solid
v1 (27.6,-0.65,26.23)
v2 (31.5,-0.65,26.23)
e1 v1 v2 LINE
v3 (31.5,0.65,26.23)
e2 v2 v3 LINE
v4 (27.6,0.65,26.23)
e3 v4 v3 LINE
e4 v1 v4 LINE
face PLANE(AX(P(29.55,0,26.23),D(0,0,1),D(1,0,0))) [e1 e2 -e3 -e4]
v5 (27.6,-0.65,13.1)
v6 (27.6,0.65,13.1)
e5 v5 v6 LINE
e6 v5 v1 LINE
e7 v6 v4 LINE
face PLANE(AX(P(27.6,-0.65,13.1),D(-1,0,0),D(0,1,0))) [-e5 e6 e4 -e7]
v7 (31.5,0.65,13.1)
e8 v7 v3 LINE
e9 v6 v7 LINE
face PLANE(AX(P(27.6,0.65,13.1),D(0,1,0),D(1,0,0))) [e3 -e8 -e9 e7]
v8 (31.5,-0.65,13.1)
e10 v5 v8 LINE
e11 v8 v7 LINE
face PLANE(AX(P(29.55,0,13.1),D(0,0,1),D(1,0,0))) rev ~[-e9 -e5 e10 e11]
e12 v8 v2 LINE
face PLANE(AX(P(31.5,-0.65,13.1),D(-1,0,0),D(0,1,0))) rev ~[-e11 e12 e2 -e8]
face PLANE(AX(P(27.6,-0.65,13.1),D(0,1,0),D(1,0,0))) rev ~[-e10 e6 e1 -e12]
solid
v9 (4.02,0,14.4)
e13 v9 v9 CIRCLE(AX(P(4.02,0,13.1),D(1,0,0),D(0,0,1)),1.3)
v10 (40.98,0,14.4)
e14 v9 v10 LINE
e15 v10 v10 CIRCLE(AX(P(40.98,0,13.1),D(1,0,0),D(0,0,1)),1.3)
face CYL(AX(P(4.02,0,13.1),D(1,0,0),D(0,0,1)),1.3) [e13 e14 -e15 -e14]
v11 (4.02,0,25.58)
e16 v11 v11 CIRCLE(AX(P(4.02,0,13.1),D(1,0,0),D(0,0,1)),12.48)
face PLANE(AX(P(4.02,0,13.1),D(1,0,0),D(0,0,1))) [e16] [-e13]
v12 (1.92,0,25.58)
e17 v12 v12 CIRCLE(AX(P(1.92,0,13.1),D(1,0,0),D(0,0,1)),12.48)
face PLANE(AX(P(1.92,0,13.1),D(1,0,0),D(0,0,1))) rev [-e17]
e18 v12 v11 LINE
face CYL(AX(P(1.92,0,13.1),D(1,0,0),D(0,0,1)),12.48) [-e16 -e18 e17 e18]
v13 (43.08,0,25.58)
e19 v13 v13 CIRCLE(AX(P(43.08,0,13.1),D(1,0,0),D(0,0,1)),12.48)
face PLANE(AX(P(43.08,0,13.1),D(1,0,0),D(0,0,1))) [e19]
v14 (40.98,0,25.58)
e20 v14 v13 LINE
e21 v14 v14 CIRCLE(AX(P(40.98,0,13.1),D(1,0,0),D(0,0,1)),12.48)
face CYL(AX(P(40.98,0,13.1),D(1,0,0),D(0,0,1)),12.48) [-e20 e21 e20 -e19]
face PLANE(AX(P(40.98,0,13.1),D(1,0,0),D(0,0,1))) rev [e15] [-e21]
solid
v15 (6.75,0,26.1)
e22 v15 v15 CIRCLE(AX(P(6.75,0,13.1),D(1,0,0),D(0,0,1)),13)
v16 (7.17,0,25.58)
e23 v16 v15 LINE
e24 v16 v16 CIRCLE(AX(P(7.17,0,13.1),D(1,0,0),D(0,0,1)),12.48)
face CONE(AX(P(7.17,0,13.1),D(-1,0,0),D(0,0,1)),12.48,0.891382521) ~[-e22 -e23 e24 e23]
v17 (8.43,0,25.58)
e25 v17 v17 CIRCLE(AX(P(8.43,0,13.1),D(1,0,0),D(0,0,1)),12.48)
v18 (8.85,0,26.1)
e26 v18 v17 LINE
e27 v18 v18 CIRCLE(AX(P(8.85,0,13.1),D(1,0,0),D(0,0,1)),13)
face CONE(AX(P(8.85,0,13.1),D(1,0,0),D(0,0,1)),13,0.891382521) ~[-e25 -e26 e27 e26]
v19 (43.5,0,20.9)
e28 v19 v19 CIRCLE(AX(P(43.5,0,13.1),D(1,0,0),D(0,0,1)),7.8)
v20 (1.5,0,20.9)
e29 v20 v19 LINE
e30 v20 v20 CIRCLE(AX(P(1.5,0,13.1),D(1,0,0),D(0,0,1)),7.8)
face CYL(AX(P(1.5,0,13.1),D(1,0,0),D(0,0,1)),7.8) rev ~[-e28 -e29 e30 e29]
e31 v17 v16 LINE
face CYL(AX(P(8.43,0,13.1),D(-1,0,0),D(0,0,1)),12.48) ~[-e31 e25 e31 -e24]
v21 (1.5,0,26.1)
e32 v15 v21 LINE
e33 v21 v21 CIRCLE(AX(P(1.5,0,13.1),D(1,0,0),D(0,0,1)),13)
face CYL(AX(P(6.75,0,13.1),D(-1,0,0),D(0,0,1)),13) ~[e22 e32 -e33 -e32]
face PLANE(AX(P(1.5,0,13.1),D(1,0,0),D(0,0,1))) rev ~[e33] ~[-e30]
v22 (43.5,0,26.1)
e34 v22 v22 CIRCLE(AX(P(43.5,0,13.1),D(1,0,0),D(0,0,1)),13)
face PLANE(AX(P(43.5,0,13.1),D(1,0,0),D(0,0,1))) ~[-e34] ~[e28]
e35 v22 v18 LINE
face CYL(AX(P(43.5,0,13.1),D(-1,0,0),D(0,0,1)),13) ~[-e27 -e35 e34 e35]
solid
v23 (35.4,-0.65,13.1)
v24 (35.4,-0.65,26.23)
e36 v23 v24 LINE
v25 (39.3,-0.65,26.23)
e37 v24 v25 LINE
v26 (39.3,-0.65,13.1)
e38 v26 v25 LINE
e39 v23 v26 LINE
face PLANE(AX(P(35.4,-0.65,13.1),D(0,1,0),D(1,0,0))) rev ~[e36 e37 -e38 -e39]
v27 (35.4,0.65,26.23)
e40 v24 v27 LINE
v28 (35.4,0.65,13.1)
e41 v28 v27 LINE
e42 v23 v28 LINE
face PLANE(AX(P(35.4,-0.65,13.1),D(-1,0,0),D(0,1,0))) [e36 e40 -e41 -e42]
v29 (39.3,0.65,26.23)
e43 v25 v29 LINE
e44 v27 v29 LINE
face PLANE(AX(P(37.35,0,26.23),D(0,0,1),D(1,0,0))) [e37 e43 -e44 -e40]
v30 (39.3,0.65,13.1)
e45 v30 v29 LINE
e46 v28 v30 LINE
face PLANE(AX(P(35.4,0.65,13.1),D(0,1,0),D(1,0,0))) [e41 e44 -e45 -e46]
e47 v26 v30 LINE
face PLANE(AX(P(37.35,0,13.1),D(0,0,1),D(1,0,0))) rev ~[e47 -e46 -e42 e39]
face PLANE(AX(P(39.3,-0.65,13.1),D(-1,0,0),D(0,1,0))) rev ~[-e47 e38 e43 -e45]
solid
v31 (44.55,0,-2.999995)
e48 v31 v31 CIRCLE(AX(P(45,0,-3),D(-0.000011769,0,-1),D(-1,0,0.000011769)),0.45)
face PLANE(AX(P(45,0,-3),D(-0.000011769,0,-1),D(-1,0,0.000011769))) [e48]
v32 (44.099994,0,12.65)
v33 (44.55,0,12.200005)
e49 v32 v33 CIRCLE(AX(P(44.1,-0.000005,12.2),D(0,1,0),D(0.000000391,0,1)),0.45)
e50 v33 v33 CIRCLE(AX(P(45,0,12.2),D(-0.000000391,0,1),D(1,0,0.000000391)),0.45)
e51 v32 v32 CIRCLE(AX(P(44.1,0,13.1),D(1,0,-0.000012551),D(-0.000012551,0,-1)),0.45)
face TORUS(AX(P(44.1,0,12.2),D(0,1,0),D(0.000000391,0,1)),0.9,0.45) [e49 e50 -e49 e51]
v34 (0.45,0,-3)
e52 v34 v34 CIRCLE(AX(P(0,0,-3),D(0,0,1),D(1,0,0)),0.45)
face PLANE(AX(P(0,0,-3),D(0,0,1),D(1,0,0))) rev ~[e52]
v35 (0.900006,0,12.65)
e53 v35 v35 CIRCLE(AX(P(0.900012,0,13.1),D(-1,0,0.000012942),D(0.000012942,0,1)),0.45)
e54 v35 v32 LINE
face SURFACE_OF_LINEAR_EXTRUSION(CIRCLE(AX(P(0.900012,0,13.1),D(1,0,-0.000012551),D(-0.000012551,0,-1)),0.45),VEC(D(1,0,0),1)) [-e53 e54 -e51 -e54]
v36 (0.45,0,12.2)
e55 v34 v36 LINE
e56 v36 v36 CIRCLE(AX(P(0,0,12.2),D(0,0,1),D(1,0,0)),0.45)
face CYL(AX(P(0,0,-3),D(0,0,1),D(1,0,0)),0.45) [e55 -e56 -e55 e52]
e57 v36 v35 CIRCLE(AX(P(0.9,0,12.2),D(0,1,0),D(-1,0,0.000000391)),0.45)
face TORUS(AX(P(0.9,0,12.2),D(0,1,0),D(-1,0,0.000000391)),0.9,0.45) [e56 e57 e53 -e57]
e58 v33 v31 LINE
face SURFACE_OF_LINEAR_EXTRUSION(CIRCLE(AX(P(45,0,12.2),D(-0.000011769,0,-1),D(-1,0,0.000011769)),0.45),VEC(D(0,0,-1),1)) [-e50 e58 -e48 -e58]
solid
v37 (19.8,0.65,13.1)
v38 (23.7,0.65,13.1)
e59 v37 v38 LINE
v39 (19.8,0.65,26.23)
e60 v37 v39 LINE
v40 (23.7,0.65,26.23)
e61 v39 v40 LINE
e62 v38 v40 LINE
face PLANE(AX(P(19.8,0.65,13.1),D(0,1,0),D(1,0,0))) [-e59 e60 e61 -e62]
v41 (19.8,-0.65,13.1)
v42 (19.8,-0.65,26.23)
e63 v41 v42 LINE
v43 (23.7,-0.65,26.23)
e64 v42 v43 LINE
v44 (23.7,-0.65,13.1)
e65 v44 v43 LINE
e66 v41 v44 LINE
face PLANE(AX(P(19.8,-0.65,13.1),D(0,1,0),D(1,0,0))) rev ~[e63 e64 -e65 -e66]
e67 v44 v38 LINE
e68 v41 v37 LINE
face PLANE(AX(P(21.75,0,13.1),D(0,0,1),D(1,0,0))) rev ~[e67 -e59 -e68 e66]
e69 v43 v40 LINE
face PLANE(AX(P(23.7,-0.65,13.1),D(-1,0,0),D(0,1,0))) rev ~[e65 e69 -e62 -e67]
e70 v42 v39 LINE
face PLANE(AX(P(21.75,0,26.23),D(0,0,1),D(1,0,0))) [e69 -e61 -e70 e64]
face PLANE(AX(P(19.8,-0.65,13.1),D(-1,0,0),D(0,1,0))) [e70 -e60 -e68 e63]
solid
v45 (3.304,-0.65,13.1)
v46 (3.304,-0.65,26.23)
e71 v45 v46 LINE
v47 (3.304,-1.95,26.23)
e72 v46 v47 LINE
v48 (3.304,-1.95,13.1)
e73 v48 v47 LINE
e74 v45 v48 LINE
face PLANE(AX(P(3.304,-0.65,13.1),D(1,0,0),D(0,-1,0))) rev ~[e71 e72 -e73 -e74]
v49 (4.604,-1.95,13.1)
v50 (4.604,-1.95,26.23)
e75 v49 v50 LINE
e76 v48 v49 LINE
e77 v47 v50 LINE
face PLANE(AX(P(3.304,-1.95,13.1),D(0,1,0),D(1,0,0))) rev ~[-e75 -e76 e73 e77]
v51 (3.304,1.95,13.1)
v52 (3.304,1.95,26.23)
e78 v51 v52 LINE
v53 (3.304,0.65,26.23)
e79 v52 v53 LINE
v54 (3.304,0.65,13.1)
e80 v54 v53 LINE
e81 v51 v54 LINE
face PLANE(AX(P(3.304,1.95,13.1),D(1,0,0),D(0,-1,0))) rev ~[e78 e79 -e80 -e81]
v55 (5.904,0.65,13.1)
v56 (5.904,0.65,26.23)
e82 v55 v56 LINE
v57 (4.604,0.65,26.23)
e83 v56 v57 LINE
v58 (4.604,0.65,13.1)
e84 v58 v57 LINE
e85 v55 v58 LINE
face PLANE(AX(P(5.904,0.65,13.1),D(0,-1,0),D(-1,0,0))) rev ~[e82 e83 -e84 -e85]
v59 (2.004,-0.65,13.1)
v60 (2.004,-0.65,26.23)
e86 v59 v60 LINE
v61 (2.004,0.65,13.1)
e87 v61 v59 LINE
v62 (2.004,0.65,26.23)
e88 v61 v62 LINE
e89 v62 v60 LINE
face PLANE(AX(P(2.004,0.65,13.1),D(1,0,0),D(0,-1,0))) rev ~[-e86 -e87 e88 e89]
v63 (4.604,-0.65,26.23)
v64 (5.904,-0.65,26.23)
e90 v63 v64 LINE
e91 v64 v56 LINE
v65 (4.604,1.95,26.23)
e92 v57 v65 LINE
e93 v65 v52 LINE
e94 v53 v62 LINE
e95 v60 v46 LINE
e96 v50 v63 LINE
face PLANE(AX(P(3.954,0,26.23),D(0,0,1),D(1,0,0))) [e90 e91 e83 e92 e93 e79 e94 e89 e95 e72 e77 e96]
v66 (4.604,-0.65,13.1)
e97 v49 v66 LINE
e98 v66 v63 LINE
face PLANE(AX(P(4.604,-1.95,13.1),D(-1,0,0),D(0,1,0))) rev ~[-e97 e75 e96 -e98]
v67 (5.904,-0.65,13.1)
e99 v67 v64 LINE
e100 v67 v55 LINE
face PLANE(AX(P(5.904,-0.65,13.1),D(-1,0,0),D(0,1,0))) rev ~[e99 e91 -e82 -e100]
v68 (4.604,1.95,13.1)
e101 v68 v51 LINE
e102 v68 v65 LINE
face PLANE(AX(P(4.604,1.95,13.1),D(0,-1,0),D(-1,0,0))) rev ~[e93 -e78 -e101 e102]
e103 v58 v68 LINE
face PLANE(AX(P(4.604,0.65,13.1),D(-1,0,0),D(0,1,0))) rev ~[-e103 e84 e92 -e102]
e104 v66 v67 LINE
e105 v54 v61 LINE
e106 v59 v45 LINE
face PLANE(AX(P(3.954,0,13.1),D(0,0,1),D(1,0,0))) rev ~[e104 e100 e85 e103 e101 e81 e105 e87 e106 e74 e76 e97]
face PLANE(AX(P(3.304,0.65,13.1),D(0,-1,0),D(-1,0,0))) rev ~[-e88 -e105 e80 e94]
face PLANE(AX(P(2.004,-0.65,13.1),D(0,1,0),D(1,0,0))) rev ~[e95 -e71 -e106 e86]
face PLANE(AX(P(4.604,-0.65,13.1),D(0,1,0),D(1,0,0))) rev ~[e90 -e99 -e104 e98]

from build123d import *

# Parameters (mm, degrees)
SKETCH_R    = 0.45
SKETCH004_W = 3.9
SKETCH004_H = 1.3
PAD_DEPTH   = 13.13


with BuildPart() as sweep_body:
    # Sweep: sweep along a path in Sketch001
    with BuildLine(Plane.XZ) as sweep_path:
        Line((0, -3), (0, 12.2))
        ThreePointArc((0, 12.2), (0.263608, 12.8364), (0.900012, 13.1))
        Line((0.900012, 13.1), (44.1, 13.1))
        ThreePointArc((44.1, 13.1), (44.736396, 12.836396), (45, 12.2))
        Line((45, 12.2), (45, -3))
    # Sketch → Sweep (sweep)
    with BuildSketch(Plane.XY.offset(-2)):
        Circle(SKETCH_R)
    sweep(path=sweep_path.line)


with BuildPart() as revolution:
    # Sketch002 → Revolution (revolve)
    with BuildSketch(Plane.XZ):
        Polygon((1.5, 26.1), (1.5, 20.9), (43.5, 20.9), (43.5, 26.1), (8.85, 26.1), (8.43, 25.58), (7.17, 25.58), (6.75, 26.1), align=None)
    revolve(axis=Axis((6.97588, 0, 13.1), (1, 0, 0)))


with BuildPart() as revolution001:
    # Sketch003 → Revolution001 (revolve)
    with BuildSketch(Plane.XZ):
        Polygon((1.92, 25.58), (4.02, 25.58), (4.02, 14.4), (40.98, 14.4), (40.98, 25.58), (43.08, 25.58), (43.08, 13.1), (1.92, 13.1), align=None)
    revolve(axis=Axis((6.97588, 0, 13.1), (1, 0, 0)))


with BuildPart() as pad:
    # Sketch004 → Pad (new body)
    with BuildSketch(Plane.XY.offset(13.1)):
        with Locations((37.35, 0)):
            Rectangle(SKETCH004_W, SKETCH004_H)
        with Locations((29.55, 0)):
            Rectangle(SKETCH004_W, SKETCH004_H)
        with Locations((21.75, 0)):
            Rectangle(SKETCH004_W, SKETCH004_H)
        Polygon((3.304, 0.65), (2.004, 0.65), (2.004, -0.65), (3.304, -0.65), (3.304, -1.95), (4.604, -1.95), (4.604, -0.65), (5.904, -0.65), (5.904, 0.65), (4.604, 0.65), (4.604, 1.95), (3.304, 1.95), align=None)
    extrude(amount=PAD_DEPTH)


solid = Compound([sweep_body.part, revolution.part, revolution001.part, pad.part])
